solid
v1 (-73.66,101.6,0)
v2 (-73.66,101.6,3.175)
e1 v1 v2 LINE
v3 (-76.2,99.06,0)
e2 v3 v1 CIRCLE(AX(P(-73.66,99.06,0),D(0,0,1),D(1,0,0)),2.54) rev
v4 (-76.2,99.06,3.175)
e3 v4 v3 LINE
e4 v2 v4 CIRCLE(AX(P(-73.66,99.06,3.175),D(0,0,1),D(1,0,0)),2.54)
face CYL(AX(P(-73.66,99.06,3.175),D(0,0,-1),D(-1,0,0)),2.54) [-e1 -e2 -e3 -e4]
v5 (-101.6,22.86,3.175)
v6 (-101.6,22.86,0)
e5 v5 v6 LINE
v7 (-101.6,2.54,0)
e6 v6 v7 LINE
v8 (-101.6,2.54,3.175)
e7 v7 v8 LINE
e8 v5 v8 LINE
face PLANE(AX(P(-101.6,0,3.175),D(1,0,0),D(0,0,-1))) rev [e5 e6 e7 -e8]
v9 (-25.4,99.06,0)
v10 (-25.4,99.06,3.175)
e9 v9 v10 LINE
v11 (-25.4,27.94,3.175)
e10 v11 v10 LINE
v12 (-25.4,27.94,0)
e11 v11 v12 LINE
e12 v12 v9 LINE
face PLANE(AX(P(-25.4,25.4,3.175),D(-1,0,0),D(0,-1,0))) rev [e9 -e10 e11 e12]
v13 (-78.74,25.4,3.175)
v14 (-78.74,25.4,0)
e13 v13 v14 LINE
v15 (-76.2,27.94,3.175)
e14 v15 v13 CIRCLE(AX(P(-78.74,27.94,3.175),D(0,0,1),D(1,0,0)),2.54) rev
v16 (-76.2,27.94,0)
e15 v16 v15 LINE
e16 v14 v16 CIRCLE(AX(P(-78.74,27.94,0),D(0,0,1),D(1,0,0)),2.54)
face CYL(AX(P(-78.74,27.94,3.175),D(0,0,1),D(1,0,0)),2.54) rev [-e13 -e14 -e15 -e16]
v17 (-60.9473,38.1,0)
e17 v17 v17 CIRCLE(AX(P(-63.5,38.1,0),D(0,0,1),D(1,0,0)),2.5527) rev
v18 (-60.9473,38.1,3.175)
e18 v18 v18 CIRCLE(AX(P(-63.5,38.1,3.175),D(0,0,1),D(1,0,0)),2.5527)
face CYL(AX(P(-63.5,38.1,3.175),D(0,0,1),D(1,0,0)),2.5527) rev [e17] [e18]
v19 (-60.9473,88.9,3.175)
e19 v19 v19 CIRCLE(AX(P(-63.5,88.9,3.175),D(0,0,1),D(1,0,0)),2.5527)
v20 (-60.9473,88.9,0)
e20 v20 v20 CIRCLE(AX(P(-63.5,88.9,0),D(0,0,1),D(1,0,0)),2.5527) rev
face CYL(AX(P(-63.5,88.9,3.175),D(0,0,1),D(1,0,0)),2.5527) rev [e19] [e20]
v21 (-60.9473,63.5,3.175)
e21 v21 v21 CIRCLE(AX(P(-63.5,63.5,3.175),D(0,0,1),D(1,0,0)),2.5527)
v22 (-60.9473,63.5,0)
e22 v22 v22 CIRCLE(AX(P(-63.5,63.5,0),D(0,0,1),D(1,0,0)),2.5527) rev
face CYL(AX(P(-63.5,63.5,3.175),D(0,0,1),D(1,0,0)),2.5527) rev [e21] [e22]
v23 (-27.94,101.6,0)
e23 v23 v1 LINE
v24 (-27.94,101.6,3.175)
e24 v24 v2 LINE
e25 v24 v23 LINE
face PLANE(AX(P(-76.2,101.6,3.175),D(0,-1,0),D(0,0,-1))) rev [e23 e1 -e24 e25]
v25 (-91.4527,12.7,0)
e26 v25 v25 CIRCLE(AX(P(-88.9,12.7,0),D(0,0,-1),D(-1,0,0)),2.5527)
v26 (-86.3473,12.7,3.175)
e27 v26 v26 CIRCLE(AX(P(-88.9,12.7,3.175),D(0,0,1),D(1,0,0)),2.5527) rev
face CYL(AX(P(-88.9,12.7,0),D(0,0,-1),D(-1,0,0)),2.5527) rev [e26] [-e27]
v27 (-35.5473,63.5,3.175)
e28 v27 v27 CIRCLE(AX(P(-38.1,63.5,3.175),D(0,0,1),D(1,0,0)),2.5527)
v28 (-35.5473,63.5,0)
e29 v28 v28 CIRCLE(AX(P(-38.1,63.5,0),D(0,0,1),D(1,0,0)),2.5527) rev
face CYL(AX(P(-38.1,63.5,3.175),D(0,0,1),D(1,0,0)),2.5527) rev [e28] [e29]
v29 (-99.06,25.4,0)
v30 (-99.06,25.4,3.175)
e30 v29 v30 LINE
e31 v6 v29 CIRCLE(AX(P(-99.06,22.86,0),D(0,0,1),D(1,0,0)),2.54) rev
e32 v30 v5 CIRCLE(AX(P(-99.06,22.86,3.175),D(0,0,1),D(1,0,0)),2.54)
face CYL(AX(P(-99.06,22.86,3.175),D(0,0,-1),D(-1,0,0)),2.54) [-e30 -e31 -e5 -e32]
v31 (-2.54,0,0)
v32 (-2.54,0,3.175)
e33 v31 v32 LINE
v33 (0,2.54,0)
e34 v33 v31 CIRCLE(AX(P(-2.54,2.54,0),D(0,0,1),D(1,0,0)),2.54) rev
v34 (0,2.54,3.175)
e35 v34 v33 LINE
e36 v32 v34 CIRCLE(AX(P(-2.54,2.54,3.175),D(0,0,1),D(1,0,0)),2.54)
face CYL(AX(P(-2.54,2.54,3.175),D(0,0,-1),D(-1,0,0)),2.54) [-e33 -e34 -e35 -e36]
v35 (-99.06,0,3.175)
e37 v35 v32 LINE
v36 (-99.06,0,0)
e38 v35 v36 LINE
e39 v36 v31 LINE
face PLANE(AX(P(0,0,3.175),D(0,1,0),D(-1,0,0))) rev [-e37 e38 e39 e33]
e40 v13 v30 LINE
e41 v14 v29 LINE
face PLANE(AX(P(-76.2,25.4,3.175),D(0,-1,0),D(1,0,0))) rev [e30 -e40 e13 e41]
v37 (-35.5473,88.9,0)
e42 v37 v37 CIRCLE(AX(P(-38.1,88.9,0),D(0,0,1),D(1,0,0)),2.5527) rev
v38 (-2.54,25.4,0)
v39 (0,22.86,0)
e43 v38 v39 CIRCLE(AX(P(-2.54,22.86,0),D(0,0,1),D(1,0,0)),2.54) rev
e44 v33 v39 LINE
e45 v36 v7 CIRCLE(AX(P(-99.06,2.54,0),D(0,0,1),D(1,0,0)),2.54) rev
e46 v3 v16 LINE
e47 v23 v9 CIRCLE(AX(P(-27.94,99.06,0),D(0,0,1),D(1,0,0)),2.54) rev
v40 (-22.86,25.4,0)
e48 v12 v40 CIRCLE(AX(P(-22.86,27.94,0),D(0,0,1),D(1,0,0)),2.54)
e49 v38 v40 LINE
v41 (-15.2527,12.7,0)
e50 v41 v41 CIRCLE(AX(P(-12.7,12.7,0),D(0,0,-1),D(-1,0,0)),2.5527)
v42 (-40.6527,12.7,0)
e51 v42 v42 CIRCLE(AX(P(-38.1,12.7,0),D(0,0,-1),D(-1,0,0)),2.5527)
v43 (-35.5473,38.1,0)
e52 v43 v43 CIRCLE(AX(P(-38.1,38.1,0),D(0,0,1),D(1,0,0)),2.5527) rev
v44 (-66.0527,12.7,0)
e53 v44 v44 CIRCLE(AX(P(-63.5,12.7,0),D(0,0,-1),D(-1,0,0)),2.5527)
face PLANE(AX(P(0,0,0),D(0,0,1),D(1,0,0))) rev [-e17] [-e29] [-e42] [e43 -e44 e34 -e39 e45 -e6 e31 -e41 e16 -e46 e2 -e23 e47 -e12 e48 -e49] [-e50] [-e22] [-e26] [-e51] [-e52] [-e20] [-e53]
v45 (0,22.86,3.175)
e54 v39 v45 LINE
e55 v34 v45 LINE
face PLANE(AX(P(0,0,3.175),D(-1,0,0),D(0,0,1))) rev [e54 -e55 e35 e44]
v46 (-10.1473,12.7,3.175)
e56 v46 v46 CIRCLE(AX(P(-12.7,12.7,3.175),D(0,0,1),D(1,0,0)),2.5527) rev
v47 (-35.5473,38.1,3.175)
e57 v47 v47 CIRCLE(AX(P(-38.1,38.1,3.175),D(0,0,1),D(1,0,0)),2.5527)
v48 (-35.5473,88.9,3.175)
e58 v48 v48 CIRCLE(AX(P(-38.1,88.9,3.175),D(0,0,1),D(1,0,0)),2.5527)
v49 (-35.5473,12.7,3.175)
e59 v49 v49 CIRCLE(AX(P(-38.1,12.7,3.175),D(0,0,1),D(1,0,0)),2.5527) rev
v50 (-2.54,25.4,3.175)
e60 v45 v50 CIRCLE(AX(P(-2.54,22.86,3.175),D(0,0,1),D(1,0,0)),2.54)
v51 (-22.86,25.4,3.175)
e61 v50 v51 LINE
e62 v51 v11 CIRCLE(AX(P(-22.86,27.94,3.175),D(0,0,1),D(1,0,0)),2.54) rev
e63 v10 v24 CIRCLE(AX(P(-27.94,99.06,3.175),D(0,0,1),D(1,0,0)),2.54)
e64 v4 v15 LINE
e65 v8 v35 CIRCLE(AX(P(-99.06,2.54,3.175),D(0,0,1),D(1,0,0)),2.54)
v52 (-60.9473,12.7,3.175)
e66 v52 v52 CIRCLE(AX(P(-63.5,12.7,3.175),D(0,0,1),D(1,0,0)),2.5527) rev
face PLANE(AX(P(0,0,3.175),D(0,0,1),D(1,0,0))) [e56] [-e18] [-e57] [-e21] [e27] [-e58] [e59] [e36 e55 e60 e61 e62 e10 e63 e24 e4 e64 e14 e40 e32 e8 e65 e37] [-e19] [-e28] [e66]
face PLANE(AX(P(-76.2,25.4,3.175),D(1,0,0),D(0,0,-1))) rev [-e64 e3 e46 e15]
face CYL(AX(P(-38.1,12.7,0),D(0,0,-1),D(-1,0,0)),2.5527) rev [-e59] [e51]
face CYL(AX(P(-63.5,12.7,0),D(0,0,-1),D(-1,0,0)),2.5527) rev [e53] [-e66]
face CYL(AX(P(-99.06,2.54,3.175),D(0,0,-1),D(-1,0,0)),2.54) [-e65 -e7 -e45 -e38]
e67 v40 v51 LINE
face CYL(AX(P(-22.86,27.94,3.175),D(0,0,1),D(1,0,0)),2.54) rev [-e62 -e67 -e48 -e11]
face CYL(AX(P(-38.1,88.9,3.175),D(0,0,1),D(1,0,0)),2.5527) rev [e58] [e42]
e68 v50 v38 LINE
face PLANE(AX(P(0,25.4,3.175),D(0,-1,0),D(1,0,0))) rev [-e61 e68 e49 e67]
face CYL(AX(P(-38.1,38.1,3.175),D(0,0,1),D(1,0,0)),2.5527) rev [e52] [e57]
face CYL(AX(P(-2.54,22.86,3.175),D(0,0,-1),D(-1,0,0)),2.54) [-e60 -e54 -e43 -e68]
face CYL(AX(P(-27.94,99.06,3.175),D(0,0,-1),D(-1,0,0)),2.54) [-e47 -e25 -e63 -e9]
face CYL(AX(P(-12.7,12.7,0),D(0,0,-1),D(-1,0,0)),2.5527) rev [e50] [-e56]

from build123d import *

# Parameters (mm, degrees)
BOSS_EXTRUDE1_DEPTH    = 3.175
FILLET1_R              = 2.54
F_10_CLEARANCE_HOLE1_D = 5.1054
F_10_CLEARANCE_HOLE2_D = 5.1054


with BuildPart() as part:
    # Sketch1 → Boss-Extrude1 (new body)
    with BuildSketch(Plane.XY):
        Polygon((-76.2, 25.4), (-101.6, 25.4), (-101.6, 0), (0, 0), (0, 25.4), (-25.4, 25.4), (-25.4, 101.6), (-76.2, 101.6), align=None)
    extrude(amount=BOSS_EXTRUDE1_DEPTH)

    # Fillet1
    fillet1_edges = [part.edges().sort_by_distance(p)[0] for p in [
        (0, 0, 1.5875),
        (-101.6, 0, 1.5875),
        (-101.6, 25.4, 1.5875),
        (-76.2, 25.4, 1.5875),
        (-76.2, 101.6, 1.5875),
        (-25.4, 101.6, 1.5875),
        (-25.4, 25.4, 1.5875),
        (0, 25.4, 1.5875),
    ]]
    fillet(fillet1_edges, radius=FILLET1_R)

    # #10 Clearance Hole1 (through all)
    with Locations(Plane.XY.offset(3.175)):
        with Locations((-63.5, 88.9), (-63.5, 63.5), (-63.5, 38.1), (-38.1, 88.9), (-38.1, 63.5), (-38.1, 38.1)):
            Hole(F_10_CLEARANCE_HOLE1_D / 2)

    # #10 Clearance Hole2 (through all)
    with Locations(Plane(origin=(0, 0, 0), x_dir=(1, 0, 0), z_dir=(0, 0, -1))):
        with Locations((-88.9, -12.7), (-63.5, -12.7), (-38.1, -12.7), (-12.7, -12.7)):
            Hole(F_10_CLEARANCE_HOLE2_D / 2)


solid = part.part
